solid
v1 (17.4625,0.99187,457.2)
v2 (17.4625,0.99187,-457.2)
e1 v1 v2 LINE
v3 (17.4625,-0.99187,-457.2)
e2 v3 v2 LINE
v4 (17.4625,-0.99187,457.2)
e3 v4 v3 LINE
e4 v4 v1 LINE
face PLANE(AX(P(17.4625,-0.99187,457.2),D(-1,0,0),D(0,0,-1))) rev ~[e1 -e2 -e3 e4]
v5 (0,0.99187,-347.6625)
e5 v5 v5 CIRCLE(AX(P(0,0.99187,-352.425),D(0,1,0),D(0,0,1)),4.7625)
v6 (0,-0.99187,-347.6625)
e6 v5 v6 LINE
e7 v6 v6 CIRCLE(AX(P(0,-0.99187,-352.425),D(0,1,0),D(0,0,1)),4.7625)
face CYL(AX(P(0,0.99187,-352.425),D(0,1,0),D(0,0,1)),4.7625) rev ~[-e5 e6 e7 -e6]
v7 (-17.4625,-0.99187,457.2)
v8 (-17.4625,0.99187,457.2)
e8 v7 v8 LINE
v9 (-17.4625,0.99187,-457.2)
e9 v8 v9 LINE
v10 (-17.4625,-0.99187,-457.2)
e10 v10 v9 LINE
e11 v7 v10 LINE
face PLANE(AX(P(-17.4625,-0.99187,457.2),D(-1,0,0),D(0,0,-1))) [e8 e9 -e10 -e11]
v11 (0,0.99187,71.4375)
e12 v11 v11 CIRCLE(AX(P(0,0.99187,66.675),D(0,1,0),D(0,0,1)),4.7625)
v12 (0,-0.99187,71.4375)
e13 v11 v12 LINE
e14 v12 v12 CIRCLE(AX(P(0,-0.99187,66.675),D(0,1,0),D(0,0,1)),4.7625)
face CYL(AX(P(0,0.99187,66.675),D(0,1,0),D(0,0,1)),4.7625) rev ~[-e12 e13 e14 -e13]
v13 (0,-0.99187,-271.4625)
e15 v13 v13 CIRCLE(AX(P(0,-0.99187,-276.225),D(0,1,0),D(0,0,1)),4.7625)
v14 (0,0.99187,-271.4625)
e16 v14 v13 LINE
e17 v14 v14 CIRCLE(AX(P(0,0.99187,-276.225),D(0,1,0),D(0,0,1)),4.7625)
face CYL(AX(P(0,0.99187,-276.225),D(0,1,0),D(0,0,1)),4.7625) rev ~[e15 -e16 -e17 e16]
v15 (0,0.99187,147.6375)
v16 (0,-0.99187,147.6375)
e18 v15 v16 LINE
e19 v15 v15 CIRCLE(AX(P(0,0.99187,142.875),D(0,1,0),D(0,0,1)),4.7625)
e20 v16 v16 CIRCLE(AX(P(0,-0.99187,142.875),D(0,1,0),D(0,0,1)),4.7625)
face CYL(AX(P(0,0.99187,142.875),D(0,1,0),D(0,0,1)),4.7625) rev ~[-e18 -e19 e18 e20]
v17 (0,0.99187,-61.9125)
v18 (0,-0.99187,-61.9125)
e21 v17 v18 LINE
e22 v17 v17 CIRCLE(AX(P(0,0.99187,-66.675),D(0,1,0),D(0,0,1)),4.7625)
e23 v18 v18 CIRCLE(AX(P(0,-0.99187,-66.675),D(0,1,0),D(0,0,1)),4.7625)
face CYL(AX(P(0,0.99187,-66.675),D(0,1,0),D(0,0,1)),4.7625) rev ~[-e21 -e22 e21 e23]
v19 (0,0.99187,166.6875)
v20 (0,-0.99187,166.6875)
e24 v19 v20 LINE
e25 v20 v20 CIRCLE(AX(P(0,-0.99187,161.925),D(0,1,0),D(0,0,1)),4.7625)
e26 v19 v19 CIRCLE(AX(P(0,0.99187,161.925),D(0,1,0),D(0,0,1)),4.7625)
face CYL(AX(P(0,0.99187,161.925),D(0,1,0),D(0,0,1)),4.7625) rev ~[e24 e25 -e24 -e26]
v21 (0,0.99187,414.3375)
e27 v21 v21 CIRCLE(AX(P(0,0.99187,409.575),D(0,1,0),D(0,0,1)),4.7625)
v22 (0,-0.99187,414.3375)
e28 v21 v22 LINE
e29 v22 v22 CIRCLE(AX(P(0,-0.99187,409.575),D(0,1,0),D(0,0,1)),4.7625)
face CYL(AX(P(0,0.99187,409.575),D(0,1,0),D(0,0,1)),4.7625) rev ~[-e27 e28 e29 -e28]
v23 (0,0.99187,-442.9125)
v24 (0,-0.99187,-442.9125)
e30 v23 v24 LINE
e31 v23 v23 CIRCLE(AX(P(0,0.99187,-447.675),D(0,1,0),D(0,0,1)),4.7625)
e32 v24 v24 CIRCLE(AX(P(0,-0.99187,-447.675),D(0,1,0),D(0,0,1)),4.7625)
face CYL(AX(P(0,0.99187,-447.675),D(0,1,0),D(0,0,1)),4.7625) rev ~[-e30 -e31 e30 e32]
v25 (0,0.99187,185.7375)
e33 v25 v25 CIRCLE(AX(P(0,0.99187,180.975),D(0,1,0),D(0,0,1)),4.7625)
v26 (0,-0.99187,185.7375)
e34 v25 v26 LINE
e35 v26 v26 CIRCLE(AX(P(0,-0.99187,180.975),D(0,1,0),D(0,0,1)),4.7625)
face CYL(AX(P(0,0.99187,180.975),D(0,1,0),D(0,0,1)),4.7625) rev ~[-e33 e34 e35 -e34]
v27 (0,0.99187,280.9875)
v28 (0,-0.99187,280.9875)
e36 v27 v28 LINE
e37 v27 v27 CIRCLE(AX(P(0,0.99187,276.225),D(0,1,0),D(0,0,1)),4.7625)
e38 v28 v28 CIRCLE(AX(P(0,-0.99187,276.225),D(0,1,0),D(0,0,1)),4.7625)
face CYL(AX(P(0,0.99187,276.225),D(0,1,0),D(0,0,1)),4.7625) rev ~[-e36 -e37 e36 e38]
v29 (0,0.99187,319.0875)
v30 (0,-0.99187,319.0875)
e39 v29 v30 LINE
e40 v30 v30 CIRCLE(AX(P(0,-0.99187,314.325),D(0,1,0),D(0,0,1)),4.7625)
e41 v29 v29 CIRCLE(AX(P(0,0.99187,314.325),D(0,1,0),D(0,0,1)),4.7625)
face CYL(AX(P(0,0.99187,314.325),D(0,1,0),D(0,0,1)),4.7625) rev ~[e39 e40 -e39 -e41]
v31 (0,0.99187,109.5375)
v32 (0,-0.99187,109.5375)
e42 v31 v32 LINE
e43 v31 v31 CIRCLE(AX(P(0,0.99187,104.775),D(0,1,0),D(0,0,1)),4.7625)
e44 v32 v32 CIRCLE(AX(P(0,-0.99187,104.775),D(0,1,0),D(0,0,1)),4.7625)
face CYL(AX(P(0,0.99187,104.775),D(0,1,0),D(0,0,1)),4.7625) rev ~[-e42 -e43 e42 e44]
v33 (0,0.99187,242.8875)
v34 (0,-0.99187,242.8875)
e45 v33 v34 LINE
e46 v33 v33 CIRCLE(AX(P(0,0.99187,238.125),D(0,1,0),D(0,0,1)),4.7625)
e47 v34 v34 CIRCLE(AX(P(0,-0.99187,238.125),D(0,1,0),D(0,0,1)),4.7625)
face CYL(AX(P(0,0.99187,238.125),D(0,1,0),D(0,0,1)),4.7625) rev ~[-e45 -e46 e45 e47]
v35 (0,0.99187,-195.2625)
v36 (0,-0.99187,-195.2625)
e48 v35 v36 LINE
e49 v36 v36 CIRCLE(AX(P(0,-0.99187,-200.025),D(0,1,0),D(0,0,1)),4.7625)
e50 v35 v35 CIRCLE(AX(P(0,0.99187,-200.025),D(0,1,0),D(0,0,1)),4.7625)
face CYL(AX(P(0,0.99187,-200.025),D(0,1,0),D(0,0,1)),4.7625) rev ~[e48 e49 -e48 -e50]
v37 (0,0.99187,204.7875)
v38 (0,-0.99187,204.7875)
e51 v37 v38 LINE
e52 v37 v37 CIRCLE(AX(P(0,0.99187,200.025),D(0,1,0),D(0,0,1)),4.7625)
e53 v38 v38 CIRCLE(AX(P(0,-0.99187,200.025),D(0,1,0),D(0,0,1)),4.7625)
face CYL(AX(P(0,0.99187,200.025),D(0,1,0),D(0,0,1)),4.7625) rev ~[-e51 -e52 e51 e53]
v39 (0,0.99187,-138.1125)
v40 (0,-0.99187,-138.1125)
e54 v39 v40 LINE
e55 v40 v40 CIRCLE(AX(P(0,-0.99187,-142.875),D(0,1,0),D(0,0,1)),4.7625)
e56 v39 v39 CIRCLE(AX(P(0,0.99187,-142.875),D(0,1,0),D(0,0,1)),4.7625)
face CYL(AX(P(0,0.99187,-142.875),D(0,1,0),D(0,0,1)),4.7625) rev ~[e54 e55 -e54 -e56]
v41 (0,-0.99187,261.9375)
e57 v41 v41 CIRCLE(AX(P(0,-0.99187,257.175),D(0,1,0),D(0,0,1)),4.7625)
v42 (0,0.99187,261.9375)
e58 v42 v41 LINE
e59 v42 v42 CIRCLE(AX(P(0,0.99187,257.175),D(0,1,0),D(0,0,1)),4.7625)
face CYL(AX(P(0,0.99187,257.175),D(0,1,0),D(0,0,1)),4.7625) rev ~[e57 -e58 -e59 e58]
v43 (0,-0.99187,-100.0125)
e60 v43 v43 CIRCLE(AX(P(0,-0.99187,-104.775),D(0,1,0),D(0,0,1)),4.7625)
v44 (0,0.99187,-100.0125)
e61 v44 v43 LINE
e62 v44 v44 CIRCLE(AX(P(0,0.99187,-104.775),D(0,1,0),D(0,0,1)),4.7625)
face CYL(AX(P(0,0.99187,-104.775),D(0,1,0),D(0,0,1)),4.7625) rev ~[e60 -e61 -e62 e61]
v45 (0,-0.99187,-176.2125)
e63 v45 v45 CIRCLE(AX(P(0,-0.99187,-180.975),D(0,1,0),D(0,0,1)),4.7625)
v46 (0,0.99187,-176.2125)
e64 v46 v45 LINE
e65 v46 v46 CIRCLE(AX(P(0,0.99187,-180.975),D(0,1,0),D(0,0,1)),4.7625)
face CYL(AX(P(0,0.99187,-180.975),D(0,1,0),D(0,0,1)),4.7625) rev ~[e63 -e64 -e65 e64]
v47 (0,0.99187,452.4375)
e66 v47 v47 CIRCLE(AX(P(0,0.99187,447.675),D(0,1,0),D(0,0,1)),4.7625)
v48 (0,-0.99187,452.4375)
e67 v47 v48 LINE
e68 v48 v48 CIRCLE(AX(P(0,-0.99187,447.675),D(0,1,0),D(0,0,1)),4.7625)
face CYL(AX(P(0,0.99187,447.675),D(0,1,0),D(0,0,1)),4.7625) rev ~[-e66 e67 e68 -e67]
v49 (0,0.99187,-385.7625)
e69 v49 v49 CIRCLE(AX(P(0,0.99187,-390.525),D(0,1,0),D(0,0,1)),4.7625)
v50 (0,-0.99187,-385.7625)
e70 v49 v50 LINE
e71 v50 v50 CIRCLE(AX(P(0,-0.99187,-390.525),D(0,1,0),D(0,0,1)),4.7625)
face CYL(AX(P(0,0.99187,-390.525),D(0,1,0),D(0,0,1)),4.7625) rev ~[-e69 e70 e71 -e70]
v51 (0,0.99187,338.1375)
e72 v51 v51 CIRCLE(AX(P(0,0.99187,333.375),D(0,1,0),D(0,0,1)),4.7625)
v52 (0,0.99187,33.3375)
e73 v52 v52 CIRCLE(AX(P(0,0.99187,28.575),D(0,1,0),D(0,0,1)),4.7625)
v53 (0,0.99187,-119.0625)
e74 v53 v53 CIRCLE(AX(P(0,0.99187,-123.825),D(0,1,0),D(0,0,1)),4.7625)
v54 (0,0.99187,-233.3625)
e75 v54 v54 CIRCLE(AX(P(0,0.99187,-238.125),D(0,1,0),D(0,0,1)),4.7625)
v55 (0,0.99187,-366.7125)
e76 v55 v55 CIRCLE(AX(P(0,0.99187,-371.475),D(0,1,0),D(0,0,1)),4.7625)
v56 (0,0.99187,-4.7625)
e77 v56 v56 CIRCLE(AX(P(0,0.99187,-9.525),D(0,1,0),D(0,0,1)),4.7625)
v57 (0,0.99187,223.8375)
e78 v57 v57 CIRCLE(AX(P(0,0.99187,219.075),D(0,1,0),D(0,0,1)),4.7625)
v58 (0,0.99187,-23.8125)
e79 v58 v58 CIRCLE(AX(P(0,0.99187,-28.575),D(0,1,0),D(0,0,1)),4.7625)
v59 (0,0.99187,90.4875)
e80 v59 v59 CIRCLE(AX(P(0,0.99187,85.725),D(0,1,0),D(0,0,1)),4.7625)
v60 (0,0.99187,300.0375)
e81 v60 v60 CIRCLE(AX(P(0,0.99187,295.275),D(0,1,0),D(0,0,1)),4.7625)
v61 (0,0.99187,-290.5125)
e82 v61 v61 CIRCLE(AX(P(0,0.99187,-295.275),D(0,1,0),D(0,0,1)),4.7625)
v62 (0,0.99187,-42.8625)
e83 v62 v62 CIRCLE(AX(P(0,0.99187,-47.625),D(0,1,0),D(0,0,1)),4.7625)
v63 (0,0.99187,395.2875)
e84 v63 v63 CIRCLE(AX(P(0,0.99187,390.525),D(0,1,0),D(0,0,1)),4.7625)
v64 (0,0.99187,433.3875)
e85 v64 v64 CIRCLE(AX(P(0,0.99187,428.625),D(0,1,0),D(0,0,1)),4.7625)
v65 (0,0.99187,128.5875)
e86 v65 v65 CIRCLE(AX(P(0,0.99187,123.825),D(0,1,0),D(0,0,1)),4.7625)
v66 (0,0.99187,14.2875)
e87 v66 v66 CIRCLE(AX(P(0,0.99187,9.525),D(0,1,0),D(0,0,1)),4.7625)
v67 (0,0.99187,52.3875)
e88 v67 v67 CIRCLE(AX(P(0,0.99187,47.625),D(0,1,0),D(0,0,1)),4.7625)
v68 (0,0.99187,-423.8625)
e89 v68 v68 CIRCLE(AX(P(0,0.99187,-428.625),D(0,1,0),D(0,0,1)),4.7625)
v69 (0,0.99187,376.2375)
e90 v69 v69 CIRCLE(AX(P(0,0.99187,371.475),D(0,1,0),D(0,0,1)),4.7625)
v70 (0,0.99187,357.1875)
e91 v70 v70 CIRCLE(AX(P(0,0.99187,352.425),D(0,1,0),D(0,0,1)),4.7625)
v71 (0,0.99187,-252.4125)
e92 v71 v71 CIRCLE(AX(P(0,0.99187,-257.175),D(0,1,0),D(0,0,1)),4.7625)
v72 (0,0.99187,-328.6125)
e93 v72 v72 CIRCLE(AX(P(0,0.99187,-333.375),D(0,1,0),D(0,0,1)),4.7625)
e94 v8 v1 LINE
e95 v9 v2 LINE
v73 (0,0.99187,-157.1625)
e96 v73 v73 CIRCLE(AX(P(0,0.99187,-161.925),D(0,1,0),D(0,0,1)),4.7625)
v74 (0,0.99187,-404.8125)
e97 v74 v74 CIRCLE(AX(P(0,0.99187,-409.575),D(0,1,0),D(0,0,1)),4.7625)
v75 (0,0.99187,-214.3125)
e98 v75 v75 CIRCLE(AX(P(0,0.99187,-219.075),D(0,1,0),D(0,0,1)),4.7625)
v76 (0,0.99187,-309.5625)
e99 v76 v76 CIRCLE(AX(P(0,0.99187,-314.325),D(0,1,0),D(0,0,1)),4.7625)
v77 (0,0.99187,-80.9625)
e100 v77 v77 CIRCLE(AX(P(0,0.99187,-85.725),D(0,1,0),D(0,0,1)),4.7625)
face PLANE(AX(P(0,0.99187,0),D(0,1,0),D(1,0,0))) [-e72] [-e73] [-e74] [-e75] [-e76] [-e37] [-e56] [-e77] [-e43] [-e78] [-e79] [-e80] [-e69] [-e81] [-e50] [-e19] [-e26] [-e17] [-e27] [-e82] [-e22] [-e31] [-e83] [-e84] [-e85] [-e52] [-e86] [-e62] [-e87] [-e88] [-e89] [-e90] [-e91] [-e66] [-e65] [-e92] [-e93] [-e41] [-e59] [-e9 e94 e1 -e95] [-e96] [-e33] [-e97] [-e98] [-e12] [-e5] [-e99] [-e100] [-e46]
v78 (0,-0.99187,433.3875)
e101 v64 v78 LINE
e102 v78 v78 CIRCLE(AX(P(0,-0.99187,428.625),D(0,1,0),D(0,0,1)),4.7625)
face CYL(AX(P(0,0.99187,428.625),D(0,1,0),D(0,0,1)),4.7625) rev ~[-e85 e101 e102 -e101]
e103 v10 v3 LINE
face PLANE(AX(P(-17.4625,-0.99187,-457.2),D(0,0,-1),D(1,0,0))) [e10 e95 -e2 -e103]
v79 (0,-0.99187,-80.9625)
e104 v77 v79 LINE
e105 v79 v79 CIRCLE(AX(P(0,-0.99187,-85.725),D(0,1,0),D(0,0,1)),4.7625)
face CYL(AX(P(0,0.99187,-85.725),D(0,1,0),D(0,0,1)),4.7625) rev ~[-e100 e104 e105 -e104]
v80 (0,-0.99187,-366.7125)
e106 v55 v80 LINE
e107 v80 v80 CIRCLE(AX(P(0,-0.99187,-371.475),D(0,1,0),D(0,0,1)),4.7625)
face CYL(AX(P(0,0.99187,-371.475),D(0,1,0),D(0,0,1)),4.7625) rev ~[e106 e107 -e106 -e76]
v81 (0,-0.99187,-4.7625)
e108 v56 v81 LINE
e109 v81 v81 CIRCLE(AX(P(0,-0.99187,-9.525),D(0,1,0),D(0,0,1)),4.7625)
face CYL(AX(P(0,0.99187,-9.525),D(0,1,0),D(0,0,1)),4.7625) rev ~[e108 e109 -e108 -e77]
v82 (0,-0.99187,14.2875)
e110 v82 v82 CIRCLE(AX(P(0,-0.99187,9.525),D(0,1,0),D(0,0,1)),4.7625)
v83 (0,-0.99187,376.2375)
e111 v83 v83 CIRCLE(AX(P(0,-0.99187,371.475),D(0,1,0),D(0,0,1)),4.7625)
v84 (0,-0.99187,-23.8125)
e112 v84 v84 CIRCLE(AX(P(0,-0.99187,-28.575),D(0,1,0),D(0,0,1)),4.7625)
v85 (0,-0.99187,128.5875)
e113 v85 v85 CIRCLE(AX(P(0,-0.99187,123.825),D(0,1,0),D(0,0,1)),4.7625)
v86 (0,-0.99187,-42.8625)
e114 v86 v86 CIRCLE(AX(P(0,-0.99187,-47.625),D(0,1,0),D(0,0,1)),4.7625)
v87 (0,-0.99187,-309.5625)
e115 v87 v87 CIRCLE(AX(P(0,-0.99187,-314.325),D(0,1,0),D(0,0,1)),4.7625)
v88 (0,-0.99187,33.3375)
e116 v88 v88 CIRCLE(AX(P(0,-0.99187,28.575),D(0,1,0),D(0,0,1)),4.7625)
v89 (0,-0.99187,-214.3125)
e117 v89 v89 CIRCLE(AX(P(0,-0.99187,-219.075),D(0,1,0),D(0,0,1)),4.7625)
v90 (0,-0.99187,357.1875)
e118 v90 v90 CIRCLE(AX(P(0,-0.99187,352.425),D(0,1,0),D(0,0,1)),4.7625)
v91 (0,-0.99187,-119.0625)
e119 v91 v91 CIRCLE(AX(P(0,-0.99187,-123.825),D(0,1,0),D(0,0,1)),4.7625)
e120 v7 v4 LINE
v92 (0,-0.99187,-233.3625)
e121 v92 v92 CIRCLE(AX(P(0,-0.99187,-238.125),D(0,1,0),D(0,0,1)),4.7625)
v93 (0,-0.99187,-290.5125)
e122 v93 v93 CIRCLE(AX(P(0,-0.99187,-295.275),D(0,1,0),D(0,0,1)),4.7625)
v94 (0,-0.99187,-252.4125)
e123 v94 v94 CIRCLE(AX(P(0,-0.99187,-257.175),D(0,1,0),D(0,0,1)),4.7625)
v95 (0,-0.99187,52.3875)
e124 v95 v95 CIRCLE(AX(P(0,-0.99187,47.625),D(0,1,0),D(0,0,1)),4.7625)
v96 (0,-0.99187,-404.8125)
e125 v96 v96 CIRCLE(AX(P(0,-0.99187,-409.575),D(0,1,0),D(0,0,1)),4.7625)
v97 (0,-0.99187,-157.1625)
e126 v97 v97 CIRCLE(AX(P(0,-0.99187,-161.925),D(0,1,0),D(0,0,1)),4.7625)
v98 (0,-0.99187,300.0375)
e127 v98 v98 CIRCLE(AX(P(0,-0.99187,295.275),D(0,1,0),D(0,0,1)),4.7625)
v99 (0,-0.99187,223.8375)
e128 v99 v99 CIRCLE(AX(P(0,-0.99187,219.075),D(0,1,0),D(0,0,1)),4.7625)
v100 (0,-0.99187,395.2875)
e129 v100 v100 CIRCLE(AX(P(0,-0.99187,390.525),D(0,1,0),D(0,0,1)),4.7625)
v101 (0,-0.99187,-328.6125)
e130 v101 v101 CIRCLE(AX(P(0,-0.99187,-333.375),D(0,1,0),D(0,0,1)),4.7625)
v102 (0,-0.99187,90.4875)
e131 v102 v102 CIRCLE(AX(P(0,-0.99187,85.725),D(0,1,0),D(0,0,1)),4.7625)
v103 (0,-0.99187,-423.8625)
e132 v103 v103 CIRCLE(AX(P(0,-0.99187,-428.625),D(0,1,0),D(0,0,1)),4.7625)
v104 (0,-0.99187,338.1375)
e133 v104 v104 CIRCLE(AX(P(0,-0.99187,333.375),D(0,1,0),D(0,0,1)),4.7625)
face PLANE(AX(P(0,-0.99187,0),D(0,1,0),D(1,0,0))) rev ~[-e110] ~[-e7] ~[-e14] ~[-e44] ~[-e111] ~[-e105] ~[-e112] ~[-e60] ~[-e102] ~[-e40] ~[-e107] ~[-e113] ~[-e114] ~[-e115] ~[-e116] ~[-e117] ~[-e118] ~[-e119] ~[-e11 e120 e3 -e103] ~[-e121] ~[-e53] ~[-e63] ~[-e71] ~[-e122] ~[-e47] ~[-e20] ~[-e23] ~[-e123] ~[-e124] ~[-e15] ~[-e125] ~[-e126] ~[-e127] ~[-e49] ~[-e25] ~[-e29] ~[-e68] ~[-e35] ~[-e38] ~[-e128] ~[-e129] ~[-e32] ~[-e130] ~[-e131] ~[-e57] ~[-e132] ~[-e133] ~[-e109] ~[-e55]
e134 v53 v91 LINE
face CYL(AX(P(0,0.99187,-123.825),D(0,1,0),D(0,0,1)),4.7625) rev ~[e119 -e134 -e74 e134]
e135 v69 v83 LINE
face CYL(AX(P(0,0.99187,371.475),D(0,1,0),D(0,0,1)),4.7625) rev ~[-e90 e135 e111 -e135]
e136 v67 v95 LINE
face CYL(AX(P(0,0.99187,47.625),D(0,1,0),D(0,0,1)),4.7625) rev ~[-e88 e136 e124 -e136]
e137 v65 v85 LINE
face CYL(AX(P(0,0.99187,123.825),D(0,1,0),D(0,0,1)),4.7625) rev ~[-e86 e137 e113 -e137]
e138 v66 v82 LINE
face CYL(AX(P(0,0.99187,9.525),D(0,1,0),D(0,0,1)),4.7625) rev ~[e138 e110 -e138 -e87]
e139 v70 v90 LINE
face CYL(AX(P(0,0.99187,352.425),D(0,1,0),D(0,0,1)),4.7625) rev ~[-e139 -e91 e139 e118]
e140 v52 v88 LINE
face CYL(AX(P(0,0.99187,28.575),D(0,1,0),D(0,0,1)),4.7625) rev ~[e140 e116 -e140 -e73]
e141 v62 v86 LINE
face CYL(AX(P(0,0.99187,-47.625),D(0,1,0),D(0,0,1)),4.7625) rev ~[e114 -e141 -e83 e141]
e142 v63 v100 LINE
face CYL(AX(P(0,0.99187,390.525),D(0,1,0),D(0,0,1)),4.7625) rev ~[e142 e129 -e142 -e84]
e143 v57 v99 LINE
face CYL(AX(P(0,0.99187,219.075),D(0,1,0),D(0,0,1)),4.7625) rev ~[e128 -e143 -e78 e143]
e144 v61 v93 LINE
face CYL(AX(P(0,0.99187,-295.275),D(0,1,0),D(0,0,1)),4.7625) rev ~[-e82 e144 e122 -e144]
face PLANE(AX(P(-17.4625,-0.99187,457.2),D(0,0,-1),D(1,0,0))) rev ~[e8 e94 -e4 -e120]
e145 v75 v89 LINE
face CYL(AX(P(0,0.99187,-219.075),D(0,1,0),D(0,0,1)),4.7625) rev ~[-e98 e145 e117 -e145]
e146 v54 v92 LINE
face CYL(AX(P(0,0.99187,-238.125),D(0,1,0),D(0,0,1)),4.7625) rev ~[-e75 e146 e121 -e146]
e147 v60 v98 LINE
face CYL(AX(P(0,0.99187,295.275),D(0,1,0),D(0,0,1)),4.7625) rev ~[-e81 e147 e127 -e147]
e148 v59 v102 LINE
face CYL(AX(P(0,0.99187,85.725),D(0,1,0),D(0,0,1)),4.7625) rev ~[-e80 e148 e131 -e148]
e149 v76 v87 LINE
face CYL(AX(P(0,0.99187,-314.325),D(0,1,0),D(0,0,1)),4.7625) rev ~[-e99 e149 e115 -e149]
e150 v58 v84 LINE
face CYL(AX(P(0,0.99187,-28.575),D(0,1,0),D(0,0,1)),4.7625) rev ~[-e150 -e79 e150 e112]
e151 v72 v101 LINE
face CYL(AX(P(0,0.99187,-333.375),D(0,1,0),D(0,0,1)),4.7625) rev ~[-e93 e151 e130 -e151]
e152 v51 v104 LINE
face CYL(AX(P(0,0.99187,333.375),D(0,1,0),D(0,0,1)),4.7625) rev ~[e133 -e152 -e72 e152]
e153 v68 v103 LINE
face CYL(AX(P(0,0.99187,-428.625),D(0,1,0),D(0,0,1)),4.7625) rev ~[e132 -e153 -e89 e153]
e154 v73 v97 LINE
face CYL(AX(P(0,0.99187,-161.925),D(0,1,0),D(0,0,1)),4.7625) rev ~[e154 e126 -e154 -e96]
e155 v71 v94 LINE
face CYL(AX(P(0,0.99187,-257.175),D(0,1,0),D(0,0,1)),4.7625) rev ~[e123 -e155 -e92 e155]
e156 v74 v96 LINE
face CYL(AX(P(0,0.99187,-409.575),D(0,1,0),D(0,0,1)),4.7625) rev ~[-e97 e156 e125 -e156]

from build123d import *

# Parameters (mm, degrees)
BOSS_EXTRUDE1_DEPTH      = 0.99187
BOSS_EXTRUDE1_DEPTH_BACK = 0.99187
SKETCH3_W                = 34.925
SKETCH3_H                = 914.4
CUT_EXTRUDE1_REACH       = 459.538
SKETCH4_R                = 4.7625
LPATTERN1_COUNT          = 53
LPATTERN1_PITCH          = 19.05


with BuildPart() as part:
    # Sketch3 → Boss-Extrude1 (new, two sides: drawn at the far end of the back side and taken through both)
    with BuildSketch(Plane(origin=(0, 0, 0), x_dir=(1, 0, 0), z_dir=(0, 1, 0)).offset(-BOSS_EXTRUDE1_DEPTH_BACK)):
        Rectangle(SKETCH3_W, SKETCH3_H)
    extrude(amount=BOSS_EXTRUDE1_DEPTH + BOSS_EXTRUDE1_DEPTH_BACK)

    # Sketch4 → Cut-Extrude1 (cut, up to next)
    with BuildSketch(Plane(origin=(0, 0.99187, 0), x_dir=(1, 0, 0), z_dir=(0, 1, 0)), mode=Mode.PRIVATE) as cut_extrude1_sk1:
        with Locations(Location((0, -447.675, 0), (0, 0, 270))):
            Circle(SKETCH4_R)
    cut_extrude1_tool1 = extrude(cut_extrude1_sk1.sketch, amount=-CUT_EXTRUDE1_REACH, mode=Mode.PRIVATE) & part.part
    cut_extrude1 = cut_extrude1_tool1.solids().sort_by_distance((0, 0.99187, 447.675))[0]
    add(cut_extrude1, mode=Mode.SUBTRACT)

    # LPattern1: Cut-Extrude1 ×53
    with Locations(*[(0, 0, -i * LPATTERN1_PITCH) for i in range(1, LPATTERN1_COUNT)]):
        add(cut_extrude1, mode=Mode.SUBTRACT)


solid = part.part
